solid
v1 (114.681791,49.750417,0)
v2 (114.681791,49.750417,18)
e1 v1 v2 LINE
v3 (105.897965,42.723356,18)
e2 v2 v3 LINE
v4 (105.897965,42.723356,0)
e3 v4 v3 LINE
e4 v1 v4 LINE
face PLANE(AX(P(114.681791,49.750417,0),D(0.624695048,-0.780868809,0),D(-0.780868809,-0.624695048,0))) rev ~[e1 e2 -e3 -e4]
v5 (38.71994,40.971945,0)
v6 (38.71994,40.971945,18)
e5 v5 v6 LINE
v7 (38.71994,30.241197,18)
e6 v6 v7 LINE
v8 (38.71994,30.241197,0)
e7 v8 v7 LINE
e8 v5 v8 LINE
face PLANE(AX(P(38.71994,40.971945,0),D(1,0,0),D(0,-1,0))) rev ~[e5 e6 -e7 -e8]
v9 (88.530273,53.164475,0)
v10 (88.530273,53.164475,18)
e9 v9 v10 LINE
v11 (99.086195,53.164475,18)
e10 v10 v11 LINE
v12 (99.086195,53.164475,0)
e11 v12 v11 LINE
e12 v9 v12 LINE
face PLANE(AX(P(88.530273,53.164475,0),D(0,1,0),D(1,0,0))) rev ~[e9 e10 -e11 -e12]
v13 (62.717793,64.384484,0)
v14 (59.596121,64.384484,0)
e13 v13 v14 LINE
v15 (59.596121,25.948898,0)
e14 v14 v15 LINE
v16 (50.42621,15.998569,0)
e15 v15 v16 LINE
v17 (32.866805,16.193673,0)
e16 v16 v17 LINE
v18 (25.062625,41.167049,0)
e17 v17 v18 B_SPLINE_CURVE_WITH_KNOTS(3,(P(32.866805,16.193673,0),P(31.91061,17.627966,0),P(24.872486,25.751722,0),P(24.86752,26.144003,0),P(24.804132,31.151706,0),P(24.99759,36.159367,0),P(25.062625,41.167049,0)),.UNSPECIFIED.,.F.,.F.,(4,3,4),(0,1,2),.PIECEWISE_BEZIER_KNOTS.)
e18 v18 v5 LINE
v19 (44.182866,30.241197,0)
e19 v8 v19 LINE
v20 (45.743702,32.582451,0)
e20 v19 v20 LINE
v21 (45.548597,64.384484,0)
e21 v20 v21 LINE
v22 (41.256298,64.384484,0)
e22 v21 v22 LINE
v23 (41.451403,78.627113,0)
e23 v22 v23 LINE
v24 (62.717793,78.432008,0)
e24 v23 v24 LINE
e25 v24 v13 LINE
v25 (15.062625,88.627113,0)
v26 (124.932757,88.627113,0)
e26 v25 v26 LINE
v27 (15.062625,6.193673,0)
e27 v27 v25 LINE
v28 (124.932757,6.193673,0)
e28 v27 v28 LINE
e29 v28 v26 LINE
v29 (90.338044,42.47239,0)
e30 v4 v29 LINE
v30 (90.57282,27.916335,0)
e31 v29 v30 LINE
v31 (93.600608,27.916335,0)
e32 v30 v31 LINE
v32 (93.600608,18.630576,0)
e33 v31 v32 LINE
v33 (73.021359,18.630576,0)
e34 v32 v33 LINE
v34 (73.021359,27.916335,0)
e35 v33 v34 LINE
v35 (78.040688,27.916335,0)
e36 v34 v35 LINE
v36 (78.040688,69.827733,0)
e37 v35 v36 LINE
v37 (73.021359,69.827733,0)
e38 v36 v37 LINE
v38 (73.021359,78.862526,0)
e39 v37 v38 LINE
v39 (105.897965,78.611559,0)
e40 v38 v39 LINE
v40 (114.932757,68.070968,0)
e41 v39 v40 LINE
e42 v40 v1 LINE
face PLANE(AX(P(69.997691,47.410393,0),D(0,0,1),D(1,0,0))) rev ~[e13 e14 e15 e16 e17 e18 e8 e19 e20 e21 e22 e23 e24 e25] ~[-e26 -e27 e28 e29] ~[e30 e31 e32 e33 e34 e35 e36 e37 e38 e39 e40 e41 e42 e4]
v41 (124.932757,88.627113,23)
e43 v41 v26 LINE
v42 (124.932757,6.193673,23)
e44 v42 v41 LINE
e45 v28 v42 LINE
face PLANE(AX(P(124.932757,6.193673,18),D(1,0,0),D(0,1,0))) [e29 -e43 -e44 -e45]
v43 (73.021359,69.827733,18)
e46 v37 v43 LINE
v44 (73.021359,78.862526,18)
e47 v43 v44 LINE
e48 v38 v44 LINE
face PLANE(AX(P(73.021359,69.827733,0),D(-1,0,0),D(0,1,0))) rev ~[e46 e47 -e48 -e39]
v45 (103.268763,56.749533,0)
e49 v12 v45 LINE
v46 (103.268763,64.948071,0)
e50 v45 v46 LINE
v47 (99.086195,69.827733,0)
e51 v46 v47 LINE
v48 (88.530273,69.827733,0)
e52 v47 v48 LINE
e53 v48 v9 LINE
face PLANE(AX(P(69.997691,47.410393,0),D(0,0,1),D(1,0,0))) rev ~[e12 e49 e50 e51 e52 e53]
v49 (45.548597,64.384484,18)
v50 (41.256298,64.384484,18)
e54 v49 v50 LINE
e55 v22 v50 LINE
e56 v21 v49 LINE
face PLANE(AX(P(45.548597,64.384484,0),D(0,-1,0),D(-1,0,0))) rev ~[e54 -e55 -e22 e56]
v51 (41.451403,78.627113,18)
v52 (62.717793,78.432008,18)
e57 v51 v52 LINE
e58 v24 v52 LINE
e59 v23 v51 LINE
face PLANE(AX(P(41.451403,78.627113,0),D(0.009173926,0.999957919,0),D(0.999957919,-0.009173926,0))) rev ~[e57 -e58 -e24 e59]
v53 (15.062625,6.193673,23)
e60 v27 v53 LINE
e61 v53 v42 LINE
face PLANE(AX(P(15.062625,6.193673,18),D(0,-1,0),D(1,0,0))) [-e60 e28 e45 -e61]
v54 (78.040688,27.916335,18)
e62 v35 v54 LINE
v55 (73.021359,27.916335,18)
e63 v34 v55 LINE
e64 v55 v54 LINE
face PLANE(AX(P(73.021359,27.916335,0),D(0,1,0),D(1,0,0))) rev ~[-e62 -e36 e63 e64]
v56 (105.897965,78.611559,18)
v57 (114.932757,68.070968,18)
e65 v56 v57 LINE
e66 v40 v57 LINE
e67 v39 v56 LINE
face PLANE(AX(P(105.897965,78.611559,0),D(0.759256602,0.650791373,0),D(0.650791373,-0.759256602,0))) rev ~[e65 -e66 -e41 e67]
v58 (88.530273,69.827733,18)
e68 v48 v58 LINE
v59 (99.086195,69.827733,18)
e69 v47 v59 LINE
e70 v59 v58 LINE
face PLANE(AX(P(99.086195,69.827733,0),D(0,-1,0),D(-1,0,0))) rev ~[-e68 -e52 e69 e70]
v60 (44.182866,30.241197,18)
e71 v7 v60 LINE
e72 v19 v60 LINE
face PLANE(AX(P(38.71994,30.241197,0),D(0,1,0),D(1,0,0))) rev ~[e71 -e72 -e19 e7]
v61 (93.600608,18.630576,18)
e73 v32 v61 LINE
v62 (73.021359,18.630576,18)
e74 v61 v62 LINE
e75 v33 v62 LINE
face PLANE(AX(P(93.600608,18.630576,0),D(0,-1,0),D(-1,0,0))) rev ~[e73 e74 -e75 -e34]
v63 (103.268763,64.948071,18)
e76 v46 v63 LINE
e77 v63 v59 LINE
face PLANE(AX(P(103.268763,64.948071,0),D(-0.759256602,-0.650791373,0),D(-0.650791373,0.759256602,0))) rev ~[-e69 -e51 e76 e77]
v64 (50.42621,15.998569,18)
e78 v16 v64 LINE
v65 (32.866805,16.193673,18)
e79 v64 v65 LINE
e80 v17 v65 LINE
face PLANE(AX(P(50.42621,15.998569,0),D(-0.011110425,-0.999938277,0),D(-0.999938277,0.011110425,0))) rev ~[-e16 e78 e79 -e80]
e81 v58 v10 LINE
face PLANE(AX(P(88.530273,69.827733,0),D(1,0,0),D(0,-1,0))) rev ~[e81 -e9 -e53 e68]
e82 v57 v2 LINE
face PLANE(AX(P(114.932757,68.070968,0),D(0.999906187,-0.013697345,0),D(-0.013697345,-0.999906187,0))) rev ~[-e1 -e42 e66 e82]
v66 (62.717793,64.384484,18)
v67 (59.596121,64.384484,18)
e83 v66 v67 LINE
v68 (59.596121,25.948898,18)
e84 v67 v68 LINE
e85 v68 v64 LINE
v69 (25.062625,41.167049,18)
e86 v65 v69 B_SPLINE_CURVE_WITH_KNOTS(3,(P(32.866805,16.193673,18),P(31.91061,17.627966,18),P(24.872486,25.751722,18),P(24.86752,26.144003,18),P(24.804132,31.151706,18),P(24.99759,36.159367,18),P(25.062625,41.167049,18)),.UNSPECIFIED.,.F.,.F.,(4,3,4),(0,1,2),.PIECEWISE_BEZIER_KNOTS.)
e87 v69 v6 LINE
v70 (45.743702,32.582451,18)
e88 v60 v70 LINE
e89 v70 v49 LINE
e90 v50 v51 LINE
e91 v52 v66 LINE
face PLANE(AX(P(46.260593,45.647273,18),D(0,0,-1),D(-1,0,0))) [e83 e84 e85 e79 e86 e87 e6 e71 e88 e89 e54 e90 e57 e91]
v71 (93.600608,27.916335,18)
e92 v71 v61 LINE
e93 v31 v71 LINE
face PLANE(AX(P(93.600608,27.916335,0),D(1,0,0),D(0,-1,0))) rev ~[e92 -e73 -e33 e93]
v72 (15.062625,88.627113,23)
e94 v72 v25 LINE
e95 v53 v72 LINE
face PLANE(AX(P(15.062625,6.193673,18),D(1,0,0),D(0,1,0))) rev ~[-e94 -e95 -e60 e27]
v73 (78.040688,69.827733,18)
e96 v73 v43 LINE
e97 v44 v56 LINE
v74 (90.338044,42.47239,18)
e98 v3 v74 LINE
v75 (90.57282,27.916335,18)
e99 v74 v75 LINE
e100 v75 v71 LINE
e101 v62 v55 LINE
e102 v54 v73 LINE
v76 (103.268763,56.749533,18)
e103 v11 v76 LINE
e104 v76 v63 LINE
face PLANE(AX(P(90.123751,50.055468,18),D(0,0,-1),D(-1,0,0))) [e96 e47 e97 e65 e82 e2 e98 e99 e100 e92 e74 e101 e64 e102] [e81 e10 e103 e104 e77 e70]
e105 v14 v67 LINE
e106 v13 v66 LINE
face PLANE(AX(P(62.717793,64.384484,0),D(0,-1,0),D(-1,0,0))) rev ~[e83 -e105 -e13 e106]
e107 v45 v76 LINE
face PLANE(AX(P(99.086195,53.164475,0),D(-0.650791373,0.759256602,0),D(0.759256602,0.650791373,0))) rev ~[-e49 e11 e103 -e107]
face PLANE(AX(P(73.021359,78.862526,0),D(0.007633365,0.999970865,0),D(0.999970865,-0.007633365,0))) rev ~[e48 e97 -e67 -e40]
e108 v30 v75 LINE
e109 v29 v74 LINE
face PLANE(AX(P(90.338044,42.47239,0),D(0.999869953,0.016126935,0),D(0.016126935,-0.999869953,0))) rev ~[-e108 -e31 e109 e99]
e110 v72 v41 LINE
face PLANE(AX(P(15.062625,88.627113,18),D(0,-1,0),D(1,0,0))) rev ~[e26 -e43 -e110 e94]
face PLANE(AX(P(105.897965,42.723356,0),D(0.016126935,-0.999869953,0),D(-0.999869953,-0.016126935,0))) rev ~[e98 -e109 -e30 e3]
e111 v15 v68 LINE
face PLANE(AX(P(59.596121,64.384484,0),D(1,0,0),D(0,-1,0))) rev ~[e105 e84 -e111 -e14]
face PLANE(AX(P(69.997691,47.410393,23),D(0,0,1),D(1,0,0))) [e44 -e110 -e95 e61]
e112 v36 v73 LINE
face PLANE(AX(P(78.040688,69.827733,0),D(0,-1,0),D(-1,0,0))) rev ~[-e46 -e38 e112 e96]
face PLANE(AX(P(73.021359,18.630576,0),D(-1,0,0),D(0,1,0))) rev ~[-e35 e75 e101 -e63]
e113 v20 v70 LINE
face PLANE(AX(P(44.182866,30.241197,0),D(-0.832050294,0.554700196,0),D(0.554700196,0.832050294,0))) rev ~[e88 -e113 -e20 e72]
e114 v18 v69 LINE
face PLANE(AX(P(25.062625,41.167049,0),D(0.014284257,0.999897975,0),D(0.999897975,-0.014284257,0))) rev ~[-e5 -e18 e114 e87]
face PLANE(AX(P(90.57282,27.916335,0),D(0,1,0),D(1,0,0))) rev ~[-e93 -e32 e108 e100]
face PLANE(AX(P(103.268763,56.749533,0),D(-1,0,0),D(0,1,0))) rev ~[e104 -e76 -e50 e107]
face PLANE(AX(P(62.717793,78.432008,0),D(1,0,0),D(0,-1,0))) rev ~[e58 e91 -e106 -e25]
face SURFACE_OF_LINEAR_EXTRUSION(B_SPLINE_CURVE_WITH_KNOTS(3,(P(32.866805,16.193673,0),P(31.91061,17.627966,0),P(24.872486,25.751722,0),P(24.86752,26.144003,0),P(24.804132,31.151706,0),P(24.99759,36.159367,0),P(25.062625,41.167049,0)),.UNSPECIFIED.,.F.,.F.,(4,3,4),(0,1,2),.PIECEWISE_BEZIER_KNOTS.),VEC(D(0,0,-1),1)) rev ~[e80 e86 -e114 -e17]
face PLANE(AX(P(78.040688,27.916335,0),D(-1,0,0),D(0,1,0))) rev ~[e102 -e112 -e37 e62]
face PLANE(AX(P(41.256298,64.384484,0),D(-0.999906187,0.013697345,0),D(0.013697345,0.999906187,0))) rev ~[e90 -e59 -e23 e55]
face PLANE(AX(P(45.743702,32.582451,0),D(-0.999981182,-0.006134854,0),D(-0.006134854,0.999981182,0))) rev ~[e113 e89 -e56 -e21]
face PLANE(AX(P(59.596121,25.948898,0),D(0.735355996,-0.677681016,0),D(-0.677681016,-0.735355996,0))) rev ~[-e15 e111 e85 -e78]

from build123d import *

# Parameters (mm, degrees)
BOSS_EXTRUDE1_DEPTH      = 18
BOSS_EXTRUDE1_2_DEPTH    = 18
SKETCH4_W                = 109.870132399
SKETCH4_H                = 82.433439447
BOSS_EXTRUDE2_DEPTH      = 5
BOSS_EXTRUDE2_DEPTH_BACK = 18


with BuildPart() as part:
    # Sketch2 → Boss-Extrude1 (new body)
    with BuildSketch(Plane.XY):
        with BuildLine():
            Line((41.451402768, 78.627112804), (62.71779308, 78.432008305))
            Line((62.71779308, 78.432008305), (62.71779308, 64.38448443))
            Line((62.71779308, 64.38448443), (59.596121107, 64.38448443))
            Line((59.596121107, 64.38448443), (59.596121107, 25.94889827))
            Line((59.596121107, 25.94889827), (50.426209689, 15.998568858))
            Line((50.426209689, 15.998568858), (32.866804844, 16.193673357))
            add(Edge.make_bspline(
                [(32.866804844, 16.193673357), (31.910610057, 17.627965538), (24.872485991, 25.751722249), (24.867520415, 26.144002768), (24.804131767, 31.151705999), (24.997590081, 36.159367013), (25.062624913, 41.167049135)],
                knots=[0, 0, 0, 0, 1, 1, 1, 2, 2, 2, 2], degree=3))
            Line((25.062624913, 41.167049135), (38.719939792, 40.971944637))
            Line((38.719939792, 40.971944637), (38.719939792, 30.241197232))
            Line((38.719939792, 30.241197232), (44.182865744, 30.241197232))
            Line((44.182865744, 30.241197232), (45.74370173, 32.582451211))
            Line((45.74370173, 32.582451211), (45.548597232, 64.38448443))
            Line((45.548597232, 64.38448443), (41.25629827, 64.38448443))
            Line((41.25629827, 64.38448443), (41.451402768, 78.627112804))
        make_face()
    extrude(amount=BOSS_EXTRUDE1_DEPTH)


with BuildPart() as body_2:
    # Sketch2 → Boss-Extrude1 2 (new body)
    with BuildSketch(Plane.XY):
        Polygon((73.021358937, 78.862525948), (105.897964848, 78.61155949), (114.932757312, 68.070968282), (114.681790855, 49.750416896), (105.897964848, 42.723356091), (90.338044493, 42.472389633), (90.572819566, 27.916335108), (93.600608438, 27.916335108), (93.600608438, 18.630576186), (73.021358937, 18.630576186), (73.021358937, 27.916335108), (78.040688083, 27.916335108), (78.040688083, 69.827733483), (73.021358937, 69.827733483), align=None)
        Polygon((88.530273253, 69.827733483), (88.530273253, 53.164474994), (99.086194651, 53.164474994), (103.268762855, 56.749533454), (103.268762855, 64.948070578), (99.086194651, 69.827733483), align=None, mode=Mode.SUBTRACT)
    extrude(amount=BOSS_EXTRUDE1_2_DEPTH)


with BuildPart() as body_3:
    # Sketch4 → Boss-Extrude2 (new body, two sides)
    with BuildSketch(Plane.XY.offset(18)) as boss_extrude2_sk:
        with Locations((69.997691113, 47.410393081)):
            Rectangle(SKETCH4_W, SKETCH4_H)
    extrude(amount=BOSS_EXTRUDE2_DEPTH)
    extrude(boss_extrude2_sk.sketch, amount=-BOSS_EXTRUDE2_DEPTH_BACK)

    # Combine1: cut part, body 2
    add(part.part, mode=Mode.SUBTRACT)
    add(body_2.part, mode=Mode.SUBTRACT)


solid = body_3.part
